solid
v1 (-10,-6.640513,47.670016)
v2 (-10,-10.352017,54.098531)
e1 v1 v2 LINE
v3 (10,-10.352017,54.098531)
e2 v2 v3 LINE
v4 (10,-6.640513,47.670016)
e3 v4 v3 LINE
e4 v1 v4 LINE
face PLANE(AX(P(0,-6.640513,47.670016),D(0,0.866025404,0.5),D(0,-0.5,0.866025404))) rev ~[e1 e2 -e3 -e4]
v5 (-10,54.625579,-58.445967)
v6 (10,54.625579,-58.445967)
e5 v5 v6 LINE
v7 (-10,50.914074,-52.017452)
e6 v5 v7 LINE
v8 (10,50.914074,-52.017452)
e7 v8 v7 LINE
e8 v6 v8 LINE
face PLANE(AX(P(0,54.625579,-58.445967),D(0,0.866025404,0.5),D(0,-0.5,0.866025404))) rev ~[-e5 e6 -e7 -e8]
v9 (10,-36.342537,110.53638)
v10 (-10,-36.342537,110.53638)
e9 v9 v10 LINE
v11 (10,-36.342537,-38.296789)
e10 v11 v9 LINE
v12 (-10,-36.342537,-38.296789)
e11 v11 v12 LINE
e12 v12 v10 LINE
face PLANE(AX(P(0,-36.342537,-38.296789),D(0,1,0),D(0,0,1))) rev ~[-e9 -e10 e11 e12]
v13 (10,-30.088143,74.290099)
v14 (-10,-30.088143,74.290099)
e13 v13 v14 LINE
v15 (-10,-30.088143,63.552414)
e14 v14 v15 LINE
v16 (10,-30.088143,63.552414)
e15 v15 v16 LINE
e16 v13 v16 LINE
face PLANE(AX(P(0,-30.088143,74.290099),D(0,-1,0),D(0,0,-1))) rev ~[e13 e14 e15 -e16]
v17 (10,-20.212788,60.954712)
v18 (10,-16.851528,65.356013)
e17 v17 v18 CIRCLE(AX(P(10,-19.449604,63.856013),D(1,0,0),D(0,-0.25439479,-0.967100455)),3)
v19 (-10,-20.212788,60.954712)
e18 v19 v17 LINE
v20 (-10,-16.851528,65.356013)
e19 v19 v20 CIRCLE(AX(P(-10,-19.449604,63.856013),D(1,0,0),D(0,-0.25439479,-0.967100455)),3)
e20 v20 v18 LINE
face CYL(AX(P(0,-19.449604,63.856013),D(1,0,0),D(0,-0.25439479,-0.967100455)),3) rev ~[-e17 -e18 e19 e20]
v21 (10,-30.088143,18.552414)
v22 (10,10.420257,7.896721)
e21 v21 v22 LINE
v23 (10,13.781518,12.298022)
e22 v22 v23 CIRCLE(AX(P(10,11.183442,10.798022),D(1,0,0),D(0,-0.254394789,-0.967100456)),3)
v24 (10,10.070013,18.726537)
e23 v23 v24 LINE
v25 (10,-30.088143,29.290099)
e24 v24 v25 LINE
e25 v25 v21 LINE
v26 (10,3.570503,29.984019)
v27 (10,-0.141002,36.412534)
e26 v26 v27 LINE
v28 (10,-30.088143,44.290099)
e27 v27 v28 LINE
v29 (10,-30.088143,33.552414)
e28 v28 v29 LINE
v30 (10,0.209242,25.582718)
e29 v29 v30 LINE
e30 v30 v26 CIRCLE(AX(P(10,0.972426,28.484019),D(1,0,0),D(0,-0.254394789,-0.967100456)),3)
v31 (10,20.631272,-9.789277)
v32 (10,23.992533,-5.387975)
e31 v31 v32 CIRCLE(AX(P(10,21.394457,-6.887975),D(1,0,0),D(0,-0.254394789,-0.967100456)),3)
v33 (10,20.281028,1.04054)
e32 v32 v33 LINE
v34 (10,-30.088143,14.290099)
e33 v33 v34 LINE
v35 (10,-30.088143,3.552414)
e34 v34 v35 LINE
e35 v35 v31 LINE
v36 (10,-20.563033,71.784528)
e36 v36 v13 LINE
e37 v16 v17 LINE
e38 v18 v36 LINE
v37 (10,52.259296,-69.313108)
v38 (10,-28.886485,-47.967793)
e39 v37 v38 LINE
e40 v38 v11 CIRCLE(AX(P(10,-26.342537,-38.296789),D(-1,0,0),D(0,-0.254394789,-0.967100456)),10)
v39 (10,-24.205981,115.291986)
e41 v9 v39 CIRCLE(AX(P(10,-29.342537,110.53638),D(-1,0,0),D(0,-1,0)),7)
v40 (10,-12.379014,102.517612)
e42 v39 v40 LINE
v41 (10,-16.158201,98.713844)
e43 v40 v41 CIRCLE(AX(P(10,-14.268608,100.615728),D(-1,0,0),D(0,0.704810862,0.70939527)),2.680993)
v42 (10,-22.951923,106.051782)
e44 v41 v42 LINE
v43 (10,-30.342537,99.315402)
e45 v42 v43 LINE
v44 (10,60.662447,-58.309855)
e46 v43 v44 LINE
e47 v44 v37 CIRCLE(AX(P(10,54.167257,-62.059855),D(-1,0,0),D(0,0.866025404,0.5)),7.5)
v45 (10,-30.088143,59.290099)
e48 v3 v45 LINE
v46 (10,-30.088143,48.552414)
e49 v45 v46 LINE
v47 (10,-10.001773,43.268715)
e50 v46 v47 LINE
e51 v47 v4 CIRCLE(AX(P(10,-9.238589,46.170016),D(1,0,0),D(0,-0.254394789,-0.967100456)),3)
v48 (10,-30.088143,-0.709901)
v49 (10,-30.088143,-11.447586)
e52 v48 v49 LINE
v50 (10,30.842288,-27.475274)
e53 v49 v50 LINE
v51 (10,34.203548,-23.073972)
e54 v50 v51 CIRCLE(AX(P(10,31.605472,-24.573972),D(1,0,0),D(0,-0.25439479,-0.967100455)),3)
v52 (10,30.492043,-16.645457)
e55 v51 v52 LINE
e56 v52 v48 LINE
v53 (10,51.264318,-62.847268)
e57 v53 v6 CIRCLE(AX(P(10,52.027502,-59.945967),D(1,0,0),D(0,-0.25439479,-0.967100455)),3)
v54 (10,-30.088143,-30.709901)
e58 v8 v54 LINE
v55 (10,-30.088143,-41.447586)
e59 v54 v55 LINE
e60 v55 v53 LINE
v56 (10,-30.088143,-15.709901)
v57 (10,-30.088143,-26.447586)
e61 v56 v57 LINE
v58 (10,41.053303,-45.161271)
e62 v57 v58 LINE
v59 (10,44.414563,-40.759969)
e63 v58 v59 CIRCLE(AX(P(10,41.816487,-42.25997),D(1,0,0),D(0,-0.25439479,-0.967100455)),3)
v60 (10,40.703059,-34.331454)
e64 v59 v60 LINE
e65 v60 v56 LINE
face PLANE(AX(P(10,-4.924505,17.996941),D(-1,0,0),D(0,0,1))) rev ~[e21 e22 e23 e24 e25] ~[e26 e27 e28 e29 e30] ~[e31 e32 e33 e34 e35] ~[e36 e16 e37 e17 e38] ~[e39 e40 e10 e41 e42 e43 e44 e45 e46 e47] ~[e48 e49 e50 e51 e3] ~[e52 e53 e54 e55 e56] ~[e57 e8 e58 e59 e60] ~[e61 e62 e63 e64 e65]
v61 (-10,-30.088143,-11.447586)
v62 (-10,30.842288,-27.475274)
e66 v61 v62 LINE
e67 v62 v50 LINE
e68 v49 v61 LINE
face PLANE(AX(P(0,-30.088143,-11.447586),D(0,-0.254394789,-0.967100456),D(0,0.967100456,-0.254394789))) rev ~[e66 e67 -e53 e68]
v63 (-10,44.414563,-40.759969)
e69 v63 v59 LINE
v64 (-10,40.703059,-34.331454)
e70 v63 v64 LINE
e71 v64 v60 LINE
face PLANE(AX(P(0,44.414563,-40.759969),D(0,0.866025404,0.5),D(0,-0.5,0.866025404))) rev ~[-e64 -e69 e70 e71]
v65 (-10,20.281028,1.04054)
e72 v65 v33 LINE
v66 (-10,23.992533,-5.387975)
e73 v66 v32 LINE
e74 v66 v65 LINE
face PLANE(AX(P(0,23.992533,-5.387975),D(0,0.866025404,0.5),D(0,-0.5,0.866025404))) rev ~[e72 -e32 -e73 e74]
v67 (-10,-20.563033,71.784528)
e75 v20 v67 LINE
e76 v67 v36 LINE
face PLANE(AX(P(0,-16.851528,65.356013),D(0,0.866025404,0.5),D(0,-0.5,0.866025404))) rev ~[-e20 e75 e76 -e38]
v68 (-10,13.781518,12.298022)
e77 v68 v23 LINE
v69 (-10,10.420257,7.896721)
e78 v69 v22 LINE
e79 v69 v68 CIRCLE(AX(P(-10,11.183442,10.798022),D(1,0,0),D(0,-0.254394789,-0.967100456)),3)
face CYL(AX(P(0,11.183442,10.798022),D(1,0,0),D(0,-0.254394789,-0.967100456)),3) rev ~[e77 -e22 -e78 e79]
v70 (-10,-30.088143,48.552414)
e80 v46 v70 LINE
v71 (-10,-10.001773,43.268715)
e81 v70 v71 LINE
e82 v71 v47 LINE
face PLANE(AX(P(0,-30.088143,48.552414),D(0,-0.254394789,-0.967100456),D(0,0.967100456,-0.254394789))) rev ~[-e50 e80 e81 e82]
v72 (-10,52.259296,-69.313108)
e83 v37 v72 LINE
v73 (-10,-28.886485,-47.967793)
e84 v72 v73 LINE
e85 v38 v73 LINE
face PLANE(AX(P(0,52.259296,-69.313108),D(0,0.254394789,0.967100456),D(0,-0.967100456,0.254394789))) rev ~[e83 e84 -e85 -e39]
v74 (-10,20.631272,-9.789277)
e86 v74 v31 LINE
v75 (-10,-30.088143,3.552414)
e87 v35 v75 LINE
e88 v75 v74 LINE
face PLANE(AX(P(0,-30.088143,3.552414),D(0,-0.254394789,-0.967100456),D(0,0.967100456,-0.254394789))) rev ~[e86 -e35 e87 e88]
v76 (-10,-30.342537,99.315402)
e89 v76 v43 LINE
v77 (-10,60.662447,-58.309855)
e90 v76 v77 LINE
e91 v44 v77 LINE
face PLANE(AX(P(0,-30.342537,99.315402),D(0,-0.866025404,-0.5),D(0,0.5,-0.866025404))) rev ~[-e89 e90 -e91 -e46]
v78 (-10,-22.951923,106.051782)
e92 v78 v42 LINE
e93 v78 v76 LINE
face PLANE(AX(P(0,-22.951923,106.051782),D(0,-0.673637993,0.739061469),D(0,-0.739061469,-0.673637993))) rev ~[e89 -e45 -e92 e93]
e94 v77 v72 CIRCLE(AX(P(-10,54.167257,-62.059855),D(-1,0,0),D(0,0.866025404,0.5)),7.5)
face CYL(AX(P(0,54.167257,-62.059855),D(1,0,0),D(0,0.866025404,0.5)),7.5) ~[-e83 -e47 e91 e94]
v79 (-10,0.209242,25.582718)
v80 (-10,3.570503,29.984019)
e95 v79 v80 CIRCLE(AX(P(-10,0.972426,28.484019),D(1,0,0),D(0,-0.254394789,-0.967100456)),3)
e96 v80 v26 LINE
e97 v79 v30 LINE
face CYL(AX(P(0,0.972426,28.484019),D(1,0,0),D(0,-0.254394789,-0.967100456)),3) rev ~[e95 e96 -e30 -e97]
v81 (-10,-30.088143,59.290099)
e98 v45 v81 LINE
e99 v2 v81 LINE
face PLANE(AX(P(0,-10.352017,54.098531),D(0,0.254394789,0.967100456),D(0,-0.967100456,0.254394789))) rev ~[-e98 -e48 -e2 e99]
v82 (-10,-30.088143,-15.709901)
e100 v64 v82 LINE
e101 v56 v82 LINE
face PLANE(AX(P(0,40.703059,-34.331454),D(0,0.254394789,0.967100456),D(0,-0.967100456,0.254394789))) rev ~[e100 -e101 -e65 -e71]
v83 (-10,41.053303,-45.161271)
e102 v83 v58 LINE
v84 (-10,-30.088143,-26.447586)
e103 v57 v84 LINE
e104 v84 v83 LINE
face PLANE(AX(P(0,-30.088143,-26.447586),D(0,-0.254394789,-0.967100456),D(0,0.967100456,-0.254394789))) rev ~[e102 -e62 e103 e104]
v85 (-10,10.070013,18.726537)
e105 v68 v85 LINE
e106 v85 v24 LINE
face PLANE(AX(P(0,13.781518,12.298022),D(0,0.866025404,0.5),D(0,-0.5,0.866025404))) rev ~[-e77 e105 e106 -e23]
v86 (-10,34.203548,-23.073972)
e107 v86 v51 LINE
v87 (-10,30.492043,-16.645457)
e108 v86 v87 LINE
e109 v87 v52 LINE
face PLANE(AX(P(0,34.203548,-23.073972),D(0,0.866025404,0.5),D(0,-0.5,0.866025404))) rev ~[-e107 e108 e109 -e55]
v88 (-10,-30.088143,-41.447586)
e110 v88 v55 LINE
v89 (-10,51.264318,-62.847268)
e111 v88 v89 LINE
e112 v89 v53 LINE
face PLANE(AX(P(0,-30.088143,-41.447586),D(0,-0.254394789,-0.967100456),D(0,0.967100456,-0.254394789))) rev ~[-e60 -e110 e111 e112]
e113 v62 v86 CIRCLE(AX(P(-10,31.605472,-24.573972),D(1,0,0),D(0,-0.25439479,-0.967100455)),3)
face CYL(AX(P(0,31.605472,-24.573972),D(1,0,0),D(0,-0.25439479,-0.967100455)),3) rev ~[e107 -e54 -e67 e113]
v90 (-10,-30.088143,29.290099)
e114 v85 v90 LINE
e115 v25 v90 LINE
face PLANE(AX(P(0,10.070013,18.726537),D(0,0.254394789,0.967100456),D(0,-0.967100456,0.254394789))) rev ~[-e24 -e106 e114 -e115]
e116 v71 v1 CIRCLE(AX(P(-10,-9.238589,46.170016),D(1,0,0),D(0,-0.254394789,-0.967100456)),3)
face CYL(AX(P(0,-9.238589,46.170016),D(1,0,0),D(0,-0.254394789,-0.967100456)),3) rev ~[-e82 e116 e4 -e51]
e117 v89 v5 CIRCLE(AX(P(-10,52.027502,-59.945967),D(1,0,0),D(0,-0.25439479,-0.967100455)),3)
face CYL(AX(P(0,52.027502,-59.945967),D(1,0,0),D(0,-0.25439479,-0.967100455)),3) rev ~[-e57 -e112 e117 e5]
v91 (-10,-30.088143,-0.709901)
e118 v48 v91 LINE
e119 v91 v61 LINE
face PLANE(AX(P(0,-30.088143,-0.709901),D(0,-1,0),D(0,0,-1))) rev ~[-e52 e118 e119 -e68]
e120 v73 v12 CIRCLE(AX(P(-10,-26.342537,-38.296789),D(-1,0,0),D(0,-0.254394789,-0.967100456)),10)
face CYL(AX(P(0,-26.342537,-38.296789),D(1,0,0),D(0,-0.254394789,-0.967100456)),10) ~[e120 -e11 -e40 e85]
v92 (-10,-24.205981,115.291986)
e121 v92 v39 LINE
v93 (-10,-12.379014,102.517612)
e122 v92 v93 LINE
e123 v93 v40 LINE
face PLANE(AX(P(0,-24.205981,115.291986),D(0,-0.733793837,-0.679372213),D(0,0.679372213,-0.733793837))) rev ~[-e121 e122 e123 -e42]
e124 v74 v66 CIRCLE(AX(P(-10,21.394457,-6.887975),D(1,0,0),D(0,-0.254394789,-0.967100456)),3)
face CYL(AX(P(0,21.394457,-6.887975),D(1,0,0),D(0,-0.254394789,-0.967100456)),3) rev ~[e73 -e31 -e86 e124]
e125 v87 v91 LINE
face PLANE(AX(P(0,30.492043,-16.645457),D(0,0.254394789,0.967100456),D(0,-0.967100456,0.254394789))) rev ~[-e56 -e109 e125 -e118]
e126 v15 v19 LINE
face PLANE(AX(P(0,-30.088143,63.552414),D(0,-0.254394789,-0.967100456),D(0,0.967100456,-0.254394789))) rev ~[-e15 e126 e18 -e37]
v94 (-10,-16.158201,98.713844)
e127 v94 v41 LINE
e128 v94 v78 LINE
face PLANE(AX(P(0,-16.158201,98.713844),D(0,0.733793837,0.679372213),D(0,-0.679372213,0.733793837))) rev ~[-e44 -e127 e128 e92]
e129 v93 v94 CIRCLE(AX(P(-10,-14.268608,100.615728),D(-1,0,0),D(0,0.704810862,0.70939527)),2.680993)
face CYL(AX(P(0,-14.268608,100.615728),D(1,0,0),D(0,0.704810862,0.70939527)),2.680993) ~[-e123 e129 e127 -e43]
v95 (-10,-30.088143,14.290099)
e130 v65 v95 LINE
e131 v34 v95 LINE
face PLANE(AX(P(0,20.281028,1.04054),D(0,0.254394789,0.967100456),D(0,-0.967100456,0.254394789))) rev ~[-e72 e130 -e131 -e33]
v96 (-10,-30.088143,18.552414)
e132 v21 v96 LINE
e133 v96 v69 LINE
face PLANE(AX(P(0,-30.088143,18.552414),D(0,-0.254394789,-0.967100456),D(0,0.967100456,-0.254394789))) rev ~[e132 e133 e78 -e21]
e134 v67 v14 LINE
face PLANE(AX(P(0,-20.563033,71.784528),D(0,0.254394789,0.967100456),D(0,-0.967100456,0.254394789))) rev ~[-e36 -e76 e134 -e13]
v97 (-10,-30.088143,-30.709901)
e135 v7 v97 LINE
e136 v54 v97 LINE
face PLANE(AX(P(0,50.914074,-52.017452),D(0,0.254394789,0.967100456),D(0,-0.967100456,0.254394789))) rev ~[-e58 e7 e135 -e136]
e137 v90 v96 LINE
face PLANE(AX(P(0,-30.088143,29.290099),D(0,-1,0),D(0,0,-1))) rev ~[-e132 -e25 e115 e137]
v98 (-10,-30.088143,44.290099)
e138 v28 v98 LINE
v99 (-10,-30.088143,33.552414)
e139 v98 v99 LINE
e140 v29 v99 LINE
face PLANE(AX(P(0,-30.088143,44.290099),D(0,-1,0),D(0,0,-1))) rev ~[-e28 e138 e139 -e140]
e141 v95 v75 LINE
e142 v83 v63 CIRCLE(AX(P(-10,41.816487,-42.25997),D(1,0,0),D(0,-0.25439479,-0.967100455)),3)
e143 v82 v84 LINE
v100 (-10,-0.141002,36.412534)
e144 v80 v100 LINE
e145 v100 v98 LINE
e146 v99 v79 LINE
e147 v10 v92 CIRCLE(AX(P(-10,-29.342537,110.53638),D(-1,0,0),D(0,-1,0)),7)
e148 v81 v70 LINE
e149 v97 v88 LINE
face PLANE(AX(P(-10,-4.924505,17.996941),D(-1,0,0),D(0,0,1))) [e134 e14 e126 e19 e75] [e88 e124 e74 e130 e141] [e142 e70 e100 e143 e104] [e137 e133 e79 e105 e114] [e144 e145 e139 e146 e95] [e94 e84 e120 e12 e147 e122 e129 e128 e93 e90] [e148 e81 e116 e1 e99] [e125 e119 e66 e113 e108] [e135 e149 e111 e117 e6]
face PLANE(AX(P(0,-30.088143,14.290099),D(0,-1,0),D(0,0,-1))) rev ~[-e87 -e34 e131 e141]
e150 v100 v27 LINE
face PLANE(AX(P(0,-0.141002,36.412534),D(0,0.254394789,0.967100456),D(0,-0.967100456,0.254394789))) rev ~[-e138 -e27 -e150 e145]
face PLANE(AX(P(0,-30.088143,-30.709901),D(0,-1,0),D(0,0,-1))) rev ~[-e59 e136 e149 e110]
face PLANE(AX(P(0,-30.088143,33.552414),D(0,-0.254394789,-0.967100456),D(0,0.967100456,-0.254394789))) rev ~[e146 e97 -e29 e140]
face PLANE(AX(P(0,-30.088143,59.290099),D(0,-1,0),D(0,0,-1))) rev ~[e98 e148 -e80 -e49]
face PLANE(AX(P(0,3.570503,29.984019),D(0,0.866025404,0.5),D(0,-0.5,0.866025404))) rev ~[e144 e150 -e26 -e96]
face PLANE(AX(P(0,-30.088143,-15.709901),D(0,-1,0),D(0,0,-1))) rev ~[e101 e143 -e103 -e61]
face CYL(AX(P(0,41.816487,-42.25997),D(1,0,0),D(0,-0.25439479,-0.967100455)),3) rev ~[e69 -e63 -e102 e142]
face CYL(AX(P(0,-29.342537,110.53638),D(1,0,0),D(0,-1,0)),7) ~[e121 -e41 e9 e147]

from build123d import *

# Parameters (mm, degrees)
BOSS_EXTRUDE1_DEPTH = 10


with BuildPart() as part:
    # Sketch1 → Boss-Extrude1 (new, symmetric)
    with BuildSketch(Plane(origin=(0, 0, 0), x_dir=(0, 0, -1), z_dir=(1, 0, 0))):
        with BuildLine():
            Line((-99.315402363, -30.342537444), (58.309854952, 60.662447298))
            ThreePointArc((58.309854952, 60.662447298), (66.611935212, 60.127841079), (69.313108369, 52.259295849))
            Line((69.313108369, 52.259295849), (47.967793309, -28.886485338))
            ThreePointArc((47.967793309, -28.886485338), (44.402545097, -34.262116945), (38.296788753, -36.342537444))
            Line((38.296788753, -36.342537444), (-110.536380347, -36.342537444))
            ThreePointArc((-110.536380347, -36.342537444), (-117.053891299, -31.896368093), (-115.29198584, -24.205980582))
            Line((-115.29198584, -24.205980582), (-102.51761164, -12.379014435))
            ThreePointArc((-102.51761164, -12.379014435), (-98.726134685, -12.366723669), (-98.713843919, -16.158200625))
            Line((-98.713843919, -16.158200625), (-106.051782293, -22.951922758))
            Line((-106.051782293, -22.951922758), (-99.315402363, -30.342537444))
        make_face()
        with BuildLine():
            Line((52.017451593, 50.914073792), (30.709901091, -30.088142654))
            Line((30.709901091, -30.088142654), (41.447586102, -30.088142654))
            Line((41.447586102, -30.088142654), (62.847268014, 51.26431811))
            ThreePointArc((62.847268014, 51.26431811), (61.766798752, 54.411736202), (58.445966648, 54.62557869))
            Line((58.445966648, 54.62557869), (52.017451593, 50.914073792))
        make_face(mode=Mode.SUBTRACT)
        with BuildLine():
            Line((15.709901091, -30.088142654), (26.447586102, -30.088142654))
            Line((26.447586102, -30.088142654), (45.161270866, 41.053302896))
            ThreePointArc((45.161270866, 41.053302896), (44.080801604, 44.200720988), (40.7599695, 44.414563475))
            Line((40.7599695, 44.414563475), (34.331454445, 40.703058578))
            Line((34.331454445, 40.703058578), (15.709901091, -30.088142654))
        make_face(mode=Mode.SUBTRACT)
        with BuildLine():
            Line((0.709901092, -30.088142654), (11.447586102, -30.088142654))
            Line((11.447586102, -30.088142654), (27.475273718, 30.842287682))
            ThreePointArc((27.475273718, 30.842287682), (26.394804456, 33.989705774), (23.073972352, 34.203548261))
            Line((23.073972352, 34.203548261), (16.645457297, 30.492043364))
            Line((16.645457297, 30.492043364), (0.709901092, -30.088142654))
        make_face(mode=Mode.SUBTRACT)
        with BuildLine():
            Line((-14.290098908, -30.088142654), (-3.552413898, -30.088142654))
            Line((-3.552413898, -30.088142654), (9.789276571, 20.631272467))
            ThreePointArc((9.789276571, 20.631272467), (8.708807308, 23.778690559), (5.387975204, 23.992533047))
            Line((5.387975204, 23.992533047), (-1.040539851, 20.28102815))
            Line((-1.040539851, 20.28102815), (-14.290098908, -30.088142654))
        make_face(mode=Mode.SUBTRACT)
        with BuildLine():
            Line((-29.290098908, -30.088142654), (-18.552413898, -30.088142654))
            Line((-18.552413898, -30.088142654), (-7.896720577, 10.420257253))
            ThreePointArc((-7.896720577, 10.420257253), (-8.97718984, 13.567675345), (-12.298021944, 13.781517833))
            Line((-12.298021944, 13.781517833), (-18.726536999, 10.070012936))
            Line((-18.726536999, 10.070012936), (-29.290098908, -30.088142654))
        make_face(mode=Mode.SUBTRACT)
        with BuildLine():
            Line((-44.290098908, -30.088142654), (-33.552413898, -30.088142654))
            Line((-33.552413898, -30.088142654), (-25.582717725, 0.209242039))
            ThreePointArc((-25.582717725, 0.209242039), (-26.663186988, 3.356660131), (-29.984019092, 3.570502619))
            Line((-29.984019092, 3.570502619), (-36.412534146, -0.141002279))
            Line((-36.412534146, -0.141002279), (-44.290098908, -30.088142654))
        make_face(mode=Mode.SUBTRACT)
        with BuildLine():
            Line((-59.290098908, -30.088142654), (-48.552413898, -30.088142654))
            Line((-48.552413898, -30.088142654), (-43.268714873, -10.001773175))
            ThreePointArc((-43.268714873, -10.001773175), (-44.349184136, -6.854355083), (-47.67001624, -6.640512596))
            Line((-47.67001624, -6.640512596), (-54.098531294, -10.352017493))
            Line((-54.098531294, -10.352017493), (-59.290098908, -30.088142654))
        make_face(mode=Mode.SUBTRACT)
        with BuildLine():
            Line((-74.290098908, -30.088142654), (-63.552413898, -30.088142654))
            Line((-63.552413898, -30.088142654), (-60.954712021, -20.212788389))
            ThreePointArc((-60.954712021, -20.212788389), (-62.035181283, -17.065370297), (-65.356013388, -16.85152781))
            Line((-65.356013388, -16.85152781), (-71.784528442, -20.563032707))
            Line((-71.784528442, -20.563032707), (-74.290098908, -30.088142654))
        make_face(mode=Mode.SUBTRACT)
    extrude(amount=BOSS_EXTRUDE1_DEPTH, both=True)


solid = part.part
